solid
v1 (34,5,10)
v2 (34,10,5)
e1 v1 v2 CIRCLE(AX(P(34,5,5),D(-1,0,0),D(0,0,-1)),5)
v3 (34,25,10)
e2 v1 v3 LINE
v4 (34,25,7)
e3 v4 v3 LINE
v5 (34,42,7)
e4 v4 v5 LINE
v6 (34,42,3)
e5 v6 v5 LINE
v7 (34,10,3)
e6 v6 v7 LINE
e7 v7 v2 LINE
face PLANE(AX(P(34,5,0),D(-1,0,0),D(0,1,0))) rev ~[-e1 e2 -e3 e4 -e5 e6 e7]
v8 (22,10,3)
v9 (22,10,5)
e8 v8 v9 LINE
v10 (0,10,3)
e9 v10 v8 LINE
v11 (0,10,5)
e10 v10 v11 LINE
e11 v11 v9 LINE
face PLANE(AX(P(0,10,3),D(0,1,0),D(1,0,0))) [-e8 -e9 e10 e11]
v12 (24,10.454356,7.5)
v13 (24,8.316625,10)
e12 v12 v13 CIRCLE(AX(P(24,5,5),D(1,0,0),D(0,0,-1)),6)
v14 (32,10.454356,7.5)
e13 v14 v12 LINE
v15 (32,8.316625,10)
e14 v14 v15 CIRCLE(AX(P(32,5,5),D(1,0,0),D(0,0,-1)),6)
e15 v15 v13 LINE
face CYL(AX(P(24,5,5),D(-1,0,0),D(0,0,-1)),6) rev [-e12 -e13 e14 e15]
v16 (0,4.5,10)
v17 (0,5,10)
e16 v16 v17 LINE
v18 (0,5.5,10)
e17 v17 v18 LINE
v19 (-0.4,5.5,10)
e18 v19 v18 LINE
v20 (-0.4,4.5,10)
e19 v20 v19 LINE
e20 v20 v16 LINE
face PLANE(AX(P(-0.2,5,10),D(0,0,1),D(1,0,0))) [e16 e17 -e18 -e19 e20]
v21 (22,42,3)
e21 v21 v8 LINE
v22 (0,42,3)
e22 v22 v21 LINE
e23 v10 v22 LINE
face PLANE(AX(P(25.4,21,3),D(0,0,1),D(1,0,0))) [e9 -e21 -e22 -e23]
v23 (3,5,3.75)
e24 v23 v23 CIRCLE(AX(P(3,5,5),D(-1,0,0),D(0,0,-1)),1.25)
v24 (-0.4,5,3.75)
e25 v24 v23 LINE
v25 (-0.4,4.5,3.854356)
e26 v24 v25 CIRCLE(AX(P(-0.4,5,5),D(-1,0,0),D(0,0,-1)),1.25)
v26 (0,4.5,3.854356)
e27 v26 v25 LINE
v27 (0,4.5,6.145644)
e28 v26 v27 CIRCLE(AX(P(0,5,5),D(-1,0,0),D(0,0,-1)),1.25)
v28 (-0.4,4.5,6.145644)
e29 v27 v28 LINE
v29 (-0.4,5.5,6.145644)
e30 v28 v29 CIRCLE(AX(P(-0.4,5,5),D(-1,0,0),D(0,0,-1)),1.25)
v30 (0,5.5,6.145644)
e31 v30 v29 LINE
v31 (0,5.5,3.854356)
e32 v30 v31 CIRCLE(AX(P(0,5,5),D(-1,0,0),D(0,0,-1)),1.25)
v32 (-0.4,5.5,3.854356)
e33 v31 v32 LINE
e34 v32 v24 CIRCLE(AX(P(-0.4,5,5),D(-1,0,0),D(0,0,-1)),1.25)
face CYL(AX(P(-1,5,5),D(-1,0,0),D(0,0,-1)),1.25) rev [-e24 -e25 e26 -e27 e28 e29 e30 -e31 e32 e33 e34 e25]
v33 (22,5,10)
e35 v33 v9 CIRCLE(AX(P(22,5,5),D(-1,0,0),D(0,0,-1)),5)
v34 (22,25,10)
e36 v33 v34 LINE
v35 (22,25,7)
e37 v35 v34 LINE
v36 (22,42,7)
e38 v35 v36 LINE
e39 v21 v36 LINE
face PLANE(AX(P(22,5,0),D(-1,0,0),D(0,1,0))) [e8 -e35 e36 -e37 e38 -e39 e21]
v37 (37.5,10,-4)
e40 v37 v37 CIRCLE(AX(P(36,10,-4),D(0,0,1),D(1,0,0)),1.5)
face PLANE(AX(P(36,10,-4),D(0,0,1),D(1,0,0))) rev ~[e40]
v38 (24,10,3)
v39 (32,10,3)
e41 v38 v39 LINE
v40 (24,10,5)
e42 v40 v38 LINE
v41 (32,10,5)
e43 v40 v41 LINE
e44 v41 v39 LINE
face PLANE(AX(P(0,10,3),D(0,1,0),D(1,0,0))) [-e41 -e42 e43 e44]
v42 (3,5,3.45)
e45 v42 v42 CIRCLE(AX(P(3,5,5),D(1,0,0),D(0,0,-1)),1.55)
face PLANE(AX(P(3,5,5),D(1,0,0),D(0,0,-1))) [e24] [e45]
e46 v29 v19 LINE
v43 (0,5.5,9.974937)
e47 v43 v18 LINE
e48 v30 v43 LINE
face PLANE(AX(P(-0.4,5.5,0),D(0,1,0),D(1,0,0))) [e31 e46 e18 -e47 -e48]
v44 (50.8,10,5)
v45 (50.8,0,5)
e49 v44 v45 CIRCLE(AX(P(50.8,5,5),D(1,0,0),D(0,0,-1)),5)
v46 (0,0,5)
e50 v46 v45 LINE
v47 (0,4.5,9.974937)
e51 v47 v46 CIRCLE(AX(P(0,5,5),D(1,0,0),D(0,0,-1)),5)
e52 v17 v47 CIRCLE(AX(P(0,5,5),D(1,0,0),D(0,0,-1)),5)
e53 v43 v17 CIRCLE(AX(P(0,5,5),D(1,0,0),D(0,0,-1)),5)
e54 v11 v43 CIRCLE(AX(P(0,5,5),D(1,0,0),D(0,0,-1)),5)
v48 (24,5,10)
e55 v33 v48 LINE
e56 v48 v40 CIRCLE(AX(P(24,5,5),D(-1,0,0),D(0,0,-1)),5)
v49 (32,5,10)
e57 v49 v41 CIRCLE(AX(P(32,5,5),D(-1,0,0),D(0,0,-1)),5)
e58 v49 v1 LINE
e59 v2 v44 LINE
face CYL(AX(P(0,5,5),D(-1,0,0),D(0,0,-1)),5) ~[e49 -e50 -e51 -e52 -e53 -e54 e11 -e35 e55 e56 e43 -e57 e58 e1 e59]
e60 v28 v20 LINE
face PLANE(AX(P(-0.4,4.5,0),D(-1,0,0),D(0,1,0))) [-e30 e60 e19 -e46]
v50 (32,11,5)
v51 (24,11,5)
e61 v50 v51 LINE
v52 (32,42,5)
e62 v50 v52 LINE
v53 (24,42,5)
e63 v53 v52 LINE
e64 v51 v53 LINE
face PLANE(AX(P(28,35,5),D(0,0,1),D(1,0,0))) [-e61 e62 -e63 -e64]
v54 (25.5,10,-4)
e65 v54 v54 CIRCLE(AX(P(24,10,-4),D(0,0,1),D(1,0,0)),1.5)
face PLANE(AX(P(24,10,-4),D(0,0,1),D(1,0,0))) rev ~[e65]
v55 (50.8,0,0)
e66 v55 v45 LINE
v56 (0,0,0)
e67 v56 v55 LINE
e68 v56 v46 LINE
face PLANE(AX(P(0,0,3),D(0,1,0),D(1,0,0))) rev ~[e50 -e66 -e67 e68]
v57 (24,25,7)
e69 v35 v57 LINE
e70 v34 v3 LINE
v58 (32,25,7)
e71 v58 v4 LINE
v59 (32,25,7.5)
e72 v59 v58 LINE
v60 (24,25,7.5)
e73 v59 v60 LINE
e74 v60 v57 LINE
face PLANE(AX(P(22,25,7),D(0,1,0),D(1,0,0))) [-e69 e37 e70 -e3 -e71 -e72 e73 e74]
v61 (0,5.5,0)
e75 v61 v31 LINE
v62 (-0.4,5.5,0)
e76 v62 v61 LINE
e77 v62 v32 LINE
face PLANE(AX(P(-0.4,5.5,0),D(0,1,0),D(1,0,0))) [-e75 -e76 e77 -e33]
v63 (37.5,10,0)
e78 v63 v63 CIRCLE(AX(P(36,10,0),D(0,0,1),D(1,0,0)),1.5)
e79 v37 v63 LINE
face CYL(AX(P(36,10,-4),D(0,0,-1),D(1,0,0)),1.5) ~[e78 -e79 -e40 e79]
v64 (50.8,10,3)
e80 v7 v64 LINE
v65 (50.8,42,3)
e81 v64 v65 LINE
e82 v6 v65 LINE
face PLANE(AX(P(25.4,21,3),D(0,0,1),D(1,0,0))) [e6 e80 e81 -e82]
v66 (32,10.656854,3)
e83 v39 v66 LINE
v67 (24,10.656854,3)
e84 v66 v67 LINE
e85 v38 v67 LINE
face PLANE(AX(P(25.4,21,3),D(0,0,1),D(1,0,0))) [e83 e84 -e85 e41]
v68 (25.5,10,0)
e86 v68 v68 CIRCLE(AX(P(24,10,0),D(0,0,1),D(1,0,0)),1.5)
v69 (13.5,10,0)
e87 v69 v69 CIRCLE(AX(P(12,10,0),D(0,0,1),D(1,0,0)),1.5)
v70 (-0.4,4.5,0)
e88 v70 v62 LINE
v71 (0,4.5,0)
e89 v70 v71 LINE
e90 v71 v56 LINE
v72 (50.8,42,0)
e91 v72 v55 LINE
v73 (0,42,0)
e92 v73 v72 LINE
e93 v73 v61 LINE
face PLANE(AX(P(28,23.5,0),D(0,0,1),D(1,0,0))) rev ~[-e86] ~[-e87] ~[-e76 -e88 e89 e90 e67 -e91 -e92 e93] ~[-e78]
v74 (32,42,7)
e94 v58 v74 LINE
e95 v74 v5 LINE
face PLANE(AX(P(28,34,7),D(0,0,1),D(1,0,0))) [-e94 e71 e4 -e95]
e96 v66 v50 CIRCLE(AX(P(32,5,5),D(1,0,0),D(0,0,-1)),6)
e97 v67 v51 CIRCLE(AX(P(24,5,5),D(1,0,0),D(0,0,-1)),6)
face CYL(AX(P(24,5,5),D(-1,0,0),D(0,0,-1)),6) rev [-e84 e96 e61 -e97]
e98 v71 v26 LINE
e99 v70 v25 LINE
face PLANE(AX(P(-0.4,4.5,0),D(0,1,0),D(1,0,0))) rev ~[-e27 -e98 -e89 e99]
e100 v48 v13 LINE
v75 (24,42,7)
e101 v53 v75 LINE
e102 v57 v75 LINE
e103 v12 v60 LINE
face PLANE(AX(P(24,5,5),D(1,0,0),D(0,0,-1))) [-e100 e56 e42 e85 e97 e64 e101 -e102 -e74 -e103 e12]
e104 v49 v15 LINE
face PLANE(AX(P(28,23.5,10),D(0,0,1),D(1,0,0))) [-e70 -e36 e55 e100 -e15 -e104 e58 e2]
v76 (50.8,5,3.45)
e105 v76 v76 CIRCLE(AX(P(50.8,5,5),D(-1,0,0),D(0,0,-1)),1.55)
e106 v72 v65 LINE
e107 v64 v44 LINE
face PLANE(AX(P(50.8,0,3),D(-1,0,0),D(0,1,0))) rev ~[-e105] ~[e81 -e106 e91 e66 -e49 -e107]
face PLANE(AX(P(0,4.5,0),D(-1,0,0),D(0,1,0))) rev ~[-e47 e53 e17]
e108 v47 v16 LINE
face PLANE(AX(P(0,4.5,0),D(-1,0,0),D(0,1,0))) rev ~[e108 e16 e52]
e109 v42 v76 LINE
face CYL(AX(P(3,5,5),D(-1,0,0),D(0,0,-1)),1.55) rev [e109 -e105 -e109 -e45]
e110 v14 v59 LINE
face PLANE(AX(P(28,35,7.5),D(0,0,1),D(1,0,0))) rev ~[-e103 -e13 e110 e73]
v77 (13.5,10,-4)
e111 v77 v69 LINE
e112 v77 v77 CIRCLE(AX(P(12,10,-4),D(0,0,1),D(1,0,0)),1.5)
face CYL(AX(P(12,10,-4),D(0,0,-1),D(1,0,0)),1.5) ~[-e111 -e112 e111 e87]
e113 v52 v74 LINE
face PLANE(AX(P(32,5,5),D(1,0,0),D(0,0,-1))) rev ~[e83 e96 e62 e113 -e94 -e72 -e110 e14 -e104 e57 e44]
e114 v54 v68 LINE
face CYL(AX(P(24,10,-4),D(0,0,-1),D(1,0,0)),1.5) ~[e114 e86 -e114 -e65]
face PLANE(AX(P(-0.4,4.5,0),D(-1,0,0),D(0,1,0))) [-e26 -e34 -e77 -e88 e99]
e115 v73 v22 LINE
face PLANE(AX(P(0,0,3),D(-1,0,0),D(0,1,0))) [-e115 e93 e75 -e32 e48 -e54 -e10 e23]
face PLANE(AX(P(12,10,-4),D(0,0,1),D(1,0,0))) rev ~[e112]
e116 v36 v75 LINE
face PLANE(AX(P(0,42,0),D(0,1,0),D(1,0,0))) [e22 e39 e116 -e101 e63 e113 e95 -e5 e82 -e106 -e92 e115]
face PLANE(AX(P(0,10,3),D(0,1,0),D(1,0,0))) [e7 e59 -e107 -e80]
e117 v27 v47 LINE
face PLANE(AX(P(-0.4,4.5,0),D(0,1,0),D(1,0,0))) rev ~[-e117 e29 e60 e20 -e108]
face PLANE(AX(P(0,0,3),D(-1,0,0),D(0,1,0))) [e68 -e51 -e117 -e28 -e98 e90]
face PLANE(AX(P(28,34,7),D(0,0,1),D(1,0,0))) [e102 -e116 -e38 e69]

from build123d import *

# Parameters (mm, degrees)
CYLINDER004_R           = 1.5
CYLINDER004_DEPTH       = 4
CYLINDER005_R           = 1.5
CYLINDER005_DEPTH       = 4
CYLINDER006_R           = 1.5
CYLINDER006_DEPTH       = 4
CYLINDER002_R           = 1.25
CYLINDER002_DEPTH       = 10
CYLINDER002_PITCH_ANGLE = 90
CYLINDER001_R           = 1.55
CYLINDER001_DEPTH       = 50.8
CYLINDER001_PITCH_ANGLE = 90
CYLINDER003_R           = 6
CYLINDER003_DEPTH       = 8
CYLINDER003_PITCH_ANGLE = 90
BOX005_W                = 12
BOX005_H                = 18
BOX005_DEPTH            = 3
BOX004_W                = 8
BOX004_H                = 50
BOX004_DEPTH            = 2.5
BOX003_W                = 12
BOX003_H                = 37
BOX003_DEPTH            = 10
BOX002_W                = 0.4
BOX002_H                = 1
BOX002_DEPTH            = 10
BOX001_W                = 50.8
BOX001_H                = 10
BOX001_DEPTH            = 2
CYLINDER_R              = 5
CYLINDER_DEPTH          = 50.8
CYLINDER_PITCH_ANGLE    = 90
BOX_W                   = 50.8
BOX_H                   = 42
BOX_DEPTH               = 3


with BuildPart() as cylinder004:
    # Cylinder004 → Cylinder004 (new body)
    with BuildSketch(Plane(origin=(12, 10, -4), x_dir=(1, 0, 0), z_dir=(0, 0, 1))):
        Circle(CYLINDER004_R)
    extrude(amount=CYLINDER004_DEPTH)


with BuildPart() as cylinder005:
    # Cylinder005 → Cylinder005 (new body)
    with BuildSketch(Plane(origin=(24, 10, -4), x_dir=(1, 0, 0), z_dir=(0, 0, 1))):
        Circle(CYLINDER005_R)
    extrude(amount=CYLINDER005_DEPTH)


with BuildPart() as cylinder006:
    # Cylinder006 → Cylinder006 (new body)
    with BuildSketch(Plane(origin=(36, 10, -4), x_dir=(1, 0, 0), z_dir=(0, 0, 1))):
        Circle(CYLINDER006_R)
    extrude(amount=CYLINDER006_DEPTH)


with BuildPart() as cylinder002:
    # Cylinder002 → Cylinder002 (new body)
    with BuildSketch(Plane.XY):
        Circle(CYLINDER002_R)
    extrude(amount=CYLINDER002_DEPTH)


with BuildPart() as cylinder002_1:
    # Cylinder002 pitch: moved
    add(cylinder002.part.rotate(Axis((0, 0, 0), (0, 1, 0)), CYLINDER002_PITCH_ANGLE))


with BuildPart() as cylinder002_2:
    # Cylinder002 placement: moved
    add(cylinder002_1.part.moved(Location((-1, 5, 5))))


with BuildPart() as cylinder001:
    # Cylinder001 → Cylinder001 (new body)
    with BuildSketch(Plane.XY):
        Circle(CYLINDER001_R)
    extrude(amount=CYLINDER001_DEPTH)


with BuildPart() as cylinder001_1:
    # Cylinder001 pitch: moved
    add(cylinder001.part.rotate(Axis((0, 0, 0), (0, 1, 0)), CYLINDER001_PITCH_ANGLE))


with BuildPart() as cylinder001_2:
    # Cylinder001 placement: moved
    add(cylinder001_1.part.moved(Location((3, 5, 5))))


with BuildPart() as cylinder003:
    # Cylinder003 → Cylinder003 (new body)
    with BuildSketch(Plane.XY):
        Circle(CYLINDER003_R)
    extrude(amount=CYLINDER003_DEPTH)


with BuildPart() as cylinder003_1:
    # Cylinder003 pitch: moved
    add(cylinder003.part.rotate(Axis((0, 0, 0), (0, 1, 0)), CYLINDER003_PITCH_ANGLE))


with BuildPart() as cylinder003_2:
    # Cylinder003 placement: moved
    add(cylinder003_1.part.moved(Location((24, 5, 5))))


with BuildPart() as cube005:
    # Box005 → Box005 (new body)
    with BuildSketch(Plane(origin=(22, 25, 7), x_dir=(1, 0, 0), z_dir=(0, 0, 1))):
        with Locations((6, 9)):
            Rectangle(BOX005_W, BOX005_H)
    extrude(amount=BOX005_DEPTH)


with BuildPart() as cube004:
    # Box004 → Box004 (new body)
    with BuildSketch(Plane(origin=(24, 10, 5), x_dir=(1, 0, 0), z_dir=(0, 0, 1))):
        with Locations((4, 25)):
            Rectangle(BOX004_W, BOX004_H)
    extrude(amount=BOX004_DEPTH)


with BuildPart() as cut002:
    # Box003 → Box003 (new body)
    with BuildSketch(Plane(origin=(22, 5, 0), x_dir=(1, 0, 0), z_dir=(0, 0, 1))):
        with Locations((6, 18.5)):
            Rectangle(BOX003_W, BOX003_H)
    extrude(amount=BOX003_DEPTH)

    # Cut: cut Cube004
    add(cube004.part, mode=Mode.SUBTRACT)

    # Cut001: cut Cube005
    add(cube005.part, mode=Mode.SUBTRACT)

    # Cut002: cut Cylinder003
    add(cylinder003_2.part, mode=Mode.SUBTRACT)


with BuildPart() as cube002:
    # Box002 → Box002 (new body)
    with BuildSketch(Plane(origin=(-0.4, 4.5, 0), x_dir=(1, 0, 0), z_dir=(0, 0, 1))):
        with Locations((0.2, 0.5)):
            Rectangle(BOX002_W, BOX002_H)
    extrude(amount=BOX002_DEPTH)


with BuildPart() as cube001:
    # Box001 → Box001 (new body)
    with BuildSketch(Plane.XY.offset(3)):
        with Locations((25.4, 5)):
            Rectangle(BOX001_W, BOX001_H)
    extrude(amount=BOX001_DEPTH)


with BuildPart() as cylinder:
    # Cylinder → Cylinder (new body)
    with BuildSketch(Plane.XY):
        Circle(CYLINDER_R)
    extrude(amount=CYLINDER_DEPTH)


with BuildPart() as cylinder_1:
    # Cylinder pitch: moved
    add(cylinder.part.rotate(Axis((0, 0, 0), (0, 1, 0)), CYLINDER_PITCH_ANGLE))


with BuildPart() as cylinder_2:
    # Cylinder placement: moved
    add(cylinder_1.part.moved(Location((0, 5, 5))))


with BuildPart() as fusion003:
    # Box → Box (new body)
    with BuildSketch(Plane.XY):
        with Locations((25.4, 21)):
            Rectangle(BOX_W, BOX_H)
    extrude(amount=BOX_DEPTH)

    # Fusion: union Cube001, Cylinder
    add(cube001.part)
    add(cylinder_2.part)

    # Fusion001: union Cube002
    add(cube002.part)

    # Fusion002: union Cut002
    add(cut002.part)

    # Cut003: cut Cylinder001
    add(cylinder001_2.part, mode=Mode.SUBTRACT)

    # Cut004: cut Cylinder002
    add(cylinder002_2.part, mode=Mode.SUBTRACT)

    # Fusion003: union Cylinder004, Cylinder005, Cylinder006
    add(cylinder004.part)
    add(cylinder005.part)
    add(cylinder006.part)


solid = fusion003.part
